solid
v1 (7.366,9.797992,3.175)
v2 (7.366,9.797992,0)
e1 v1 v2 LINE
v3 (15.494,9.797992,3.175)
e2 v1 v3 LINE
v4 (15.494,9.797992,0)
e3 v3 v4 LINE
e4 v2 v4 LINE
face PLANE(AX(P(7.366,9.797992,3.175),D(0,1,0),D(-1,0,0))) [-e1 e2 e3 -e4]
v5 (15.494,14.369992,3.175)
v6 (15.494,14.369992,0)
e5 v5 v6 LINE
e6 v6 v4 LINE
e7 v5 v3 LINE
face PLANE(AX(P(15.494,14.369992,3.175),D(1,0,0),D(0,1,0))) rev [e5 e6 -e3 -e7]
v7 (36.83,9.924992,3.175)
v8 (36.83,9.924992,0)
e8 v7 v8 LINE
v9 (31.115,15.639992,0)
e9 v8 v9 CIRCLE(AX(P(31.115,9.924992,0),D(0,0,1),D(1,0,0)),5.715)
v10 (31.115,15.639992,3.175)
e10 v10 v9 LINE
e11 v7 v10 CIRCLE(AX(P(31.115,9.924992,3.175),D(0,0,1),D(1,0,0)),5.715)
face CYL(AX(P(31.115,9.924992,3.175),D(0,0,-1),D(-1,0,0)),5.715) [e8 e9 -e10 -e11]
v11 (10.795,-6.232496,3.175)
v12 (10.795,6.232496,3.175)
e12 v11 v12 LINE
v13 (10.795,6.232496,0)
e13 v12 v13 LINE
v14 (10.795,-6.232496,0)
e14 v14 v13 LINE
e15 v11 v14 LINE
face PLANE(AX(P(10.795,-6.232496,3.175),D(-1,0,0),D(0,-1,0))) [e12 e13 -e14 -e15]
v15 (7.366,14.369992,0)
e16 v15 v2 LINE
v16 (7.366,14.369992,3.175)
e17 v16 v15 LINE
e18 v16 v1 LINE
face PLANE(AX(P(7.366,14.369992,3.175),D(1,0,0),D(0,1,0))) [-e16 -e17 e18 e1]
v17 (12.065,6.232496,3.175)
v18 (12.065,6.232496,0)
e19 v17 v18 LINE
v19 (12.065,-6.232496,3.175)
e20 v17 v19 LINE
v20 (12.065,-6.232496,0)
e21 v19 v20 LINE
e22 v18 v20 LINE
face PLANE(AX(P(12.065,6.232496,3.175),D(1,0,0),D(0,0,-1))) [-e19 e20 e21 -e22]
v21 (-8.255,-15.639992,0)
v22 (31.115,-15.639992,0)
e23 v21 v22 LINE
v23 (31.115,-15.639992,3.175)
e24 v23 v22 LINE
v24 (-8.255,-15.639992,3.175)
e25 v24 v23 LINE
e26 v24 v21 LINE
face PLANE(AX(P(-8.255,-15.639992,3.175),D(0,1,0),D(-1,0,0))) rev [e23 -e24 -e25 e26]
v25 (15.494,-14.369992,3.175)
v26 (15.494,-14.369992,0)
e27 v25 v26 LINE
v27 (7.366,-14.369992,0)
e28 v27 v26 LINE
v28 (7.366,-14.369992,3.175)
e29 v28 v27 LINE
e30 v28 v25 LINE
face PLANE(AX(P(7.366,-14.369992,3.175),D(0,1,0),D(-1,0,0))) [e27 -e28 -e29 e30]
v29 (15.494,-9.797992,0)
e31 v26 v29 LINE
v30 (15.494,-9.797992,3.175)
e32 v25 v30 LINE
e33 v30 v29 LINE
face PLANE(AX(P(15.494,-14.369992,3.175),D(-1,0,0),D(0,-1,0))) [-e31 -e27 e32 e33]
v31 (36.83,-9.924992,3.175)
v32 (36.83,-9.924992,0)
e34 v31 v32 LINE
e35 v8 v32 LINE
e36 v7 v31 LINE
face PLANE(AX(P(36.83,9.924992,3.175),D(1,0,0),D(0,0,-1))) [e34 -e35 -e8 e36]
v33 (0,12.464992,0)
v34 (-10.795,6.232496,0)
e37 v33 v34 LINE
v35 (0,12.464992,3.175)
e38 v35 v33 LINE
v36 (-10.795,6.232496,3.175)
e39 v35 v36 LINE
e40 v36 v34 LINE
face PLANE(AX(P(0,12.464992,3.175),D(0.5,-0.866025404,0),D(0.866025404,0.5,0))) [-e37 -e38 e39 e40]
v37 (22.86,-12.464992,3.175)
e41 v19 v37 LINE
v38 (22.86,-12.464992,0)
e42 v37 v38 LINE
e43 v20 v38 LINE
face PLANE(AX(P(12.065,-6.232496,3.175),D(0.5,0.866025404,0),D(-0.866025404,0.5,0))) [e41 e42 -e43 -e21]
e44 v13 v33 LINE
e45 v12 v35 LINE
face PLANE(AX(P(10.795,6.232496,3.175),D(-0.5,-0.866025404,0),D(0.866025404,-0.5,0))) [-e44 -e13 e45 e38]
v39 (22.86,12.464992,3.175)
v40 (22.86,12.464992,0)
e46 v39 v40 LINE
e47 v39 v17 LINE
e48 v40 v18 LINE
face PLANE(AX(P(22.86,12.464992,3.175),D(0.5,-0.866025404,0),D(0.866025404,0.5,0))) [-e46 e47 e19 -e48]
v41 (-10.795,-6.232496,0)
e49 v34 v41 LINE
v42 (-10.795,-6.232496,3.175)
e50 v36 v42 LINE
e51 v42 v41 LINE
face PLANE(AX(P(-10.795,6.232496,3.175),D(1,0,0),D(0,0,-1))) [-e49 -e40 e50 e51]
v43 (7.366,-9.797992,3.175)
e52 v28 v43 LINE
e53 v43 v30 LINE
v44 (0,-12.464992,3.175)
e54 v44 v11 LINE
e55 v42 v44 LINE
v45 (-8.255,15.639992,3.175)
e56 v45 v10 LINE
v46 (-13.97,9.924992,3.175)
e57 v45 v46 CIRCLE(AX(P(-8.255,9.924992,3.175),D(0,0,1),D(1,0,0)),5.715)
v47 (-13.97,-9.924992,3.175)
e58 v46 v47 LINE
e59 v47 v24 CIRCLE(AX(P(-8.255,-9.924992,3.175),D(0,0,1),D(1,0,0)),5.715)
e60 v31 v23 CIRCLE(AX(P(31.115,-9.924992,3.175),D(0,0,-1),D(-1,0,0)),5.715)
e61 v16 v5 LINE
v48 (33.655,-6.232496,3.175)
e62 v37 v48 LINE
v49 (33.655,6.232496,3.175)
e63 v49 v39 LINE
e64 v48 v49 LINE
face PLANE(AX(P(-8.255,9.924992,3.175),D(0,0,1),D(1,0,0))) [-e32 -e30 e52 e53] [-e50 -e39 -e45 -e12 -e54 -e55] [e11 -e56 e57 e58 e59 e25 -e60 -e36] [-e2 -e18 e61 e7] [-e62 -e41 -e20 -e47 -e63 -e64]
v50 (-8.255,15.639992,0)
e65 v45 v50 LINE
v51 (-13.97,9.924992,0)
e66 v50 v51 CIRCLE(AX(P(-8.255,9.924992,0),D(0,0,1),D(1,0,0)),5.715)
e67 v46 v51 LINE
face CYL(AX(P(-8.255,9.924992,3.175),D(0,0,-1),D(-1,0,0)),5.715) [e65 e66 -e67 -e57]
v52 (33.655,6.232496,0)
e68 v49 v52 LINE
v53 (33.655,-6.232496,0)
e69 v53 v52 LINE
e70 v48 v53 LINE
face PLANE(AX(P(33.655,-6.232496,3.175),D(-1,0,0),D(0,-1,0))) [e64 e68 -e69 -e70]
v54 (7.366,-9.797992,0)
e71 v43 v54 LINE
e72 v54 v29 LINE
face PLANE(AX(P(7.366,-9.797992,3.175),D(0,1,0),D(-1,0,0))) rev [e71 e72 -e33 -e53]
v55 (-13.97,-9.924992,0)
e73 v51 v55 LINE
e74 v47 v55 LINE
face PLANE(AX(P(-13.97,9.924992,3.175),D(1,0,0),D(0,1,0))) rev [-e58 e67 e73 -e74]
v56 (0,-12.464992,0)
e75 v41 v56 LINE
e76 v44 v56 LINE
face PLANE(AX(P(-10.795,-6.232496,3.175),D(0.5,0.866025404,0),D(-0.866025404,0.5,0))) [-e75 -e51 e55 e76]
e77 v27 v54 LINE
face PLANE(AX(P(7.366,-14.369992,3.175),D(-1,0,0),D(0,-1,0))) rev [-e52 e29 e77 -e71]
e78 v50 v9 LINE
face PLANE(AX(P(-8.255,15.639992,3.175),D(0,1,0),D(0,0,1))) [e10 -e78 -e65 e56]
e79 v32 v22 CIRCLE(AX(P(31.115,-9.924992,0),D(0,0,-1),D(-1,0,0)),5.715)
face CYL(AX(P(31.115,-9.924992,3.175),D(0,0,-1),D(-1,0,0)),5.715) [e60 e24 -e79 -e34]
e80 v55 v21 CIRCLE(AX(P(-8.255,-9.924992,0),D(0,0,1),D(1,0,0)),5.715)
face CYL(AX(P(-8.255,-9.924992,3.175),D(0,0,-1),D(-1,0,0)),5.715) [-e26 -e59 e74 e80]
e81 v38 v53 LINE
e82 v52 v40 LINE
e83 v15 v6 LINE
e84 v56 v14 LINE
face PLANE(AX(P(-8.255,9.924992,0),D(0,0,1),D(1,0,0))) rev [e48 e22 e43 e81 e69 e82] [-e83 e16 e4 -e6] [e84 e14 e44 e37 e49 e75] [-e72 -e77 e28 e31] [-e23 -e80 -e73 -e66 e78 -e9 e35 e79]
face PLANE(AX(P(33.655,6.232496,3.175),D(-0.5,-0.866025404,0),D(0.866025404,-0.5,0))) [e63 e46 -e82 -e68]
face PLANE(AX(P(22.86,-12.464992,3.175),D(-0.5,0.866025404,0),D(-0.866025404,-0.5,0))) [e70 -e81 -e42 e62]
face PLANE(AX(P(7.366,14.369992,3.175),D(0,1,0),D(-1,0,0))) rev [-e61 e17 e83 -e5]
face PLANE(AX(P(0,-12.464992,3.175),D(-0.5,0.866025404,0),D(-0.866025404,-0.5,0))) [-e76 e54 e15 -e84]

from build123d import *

# Parameters (mm, degrees)
SKETCH1_W           = 8.128
SKETCH1_H           = 4.572
BOSS_EXTRUDE1_DEPTH = 3.175


with BuildPart() as part:
    # Sketch1 → Boss-Extrude1 (new body)
    with BuildSketch(Plane.XY):
        with BuildLine():
            Line((-8.255, 15.639992312), (31.115, 15.639992312))
            ThreePointArc((31.115, 15.639992312), (35.156115254, 13.966107566), (36.83, 9.924992312))
            Line((36.83, 9.924992312), (36.83, -9.924992312))
            ThreePointArc((36.83, -9.924992312), (35.156115254, -13.966107566), (31.115, -15.639992312))
            Line((31.115, -15.639992312), (-8.255, -15.639992312))
            ThreePointArc((-8.255, -15.639992312), (-12.296115254, -13.966107566), (-13.97, -9.924992312))
            Line((-13.97, -9.924992312), (-13.97, 9.924992312))
            ThreePointArc((-13.97, 9.924992312), (-12.296115254, 13.966107566), (-8.255, 15.639992312))
        make_face()
        Polygon((12.065, -6.232496156), (22.86, -12.464992312), (33.655, -6.232496156), (33.655, 6.232496156), (22.86, 12.464992312), (12.065, 6.232496156), align=None, mode=Mode.SUBTRACT)
        Polygon((-10.795, -6.232496156), (0, -12.464992312), (10.795, -6.232496156), (10.795, 6.232496156), (0, 12.464992312), (-10.795, 6.232496156), align=None, mode=Mode.SUBTRACT)
        with Locations((11.43, 12.083992312)):
            Rectangle(SKETCH1_W, SKETCH1_H, mode=Mode.SUBTRACT)
        with Locations((11.43, -12.083992312)):
            Rectangle(SKETCH1_W, SKETCH1_H, mode=Mode.SUBTRACT)
    extrude(amount=BOSS_EXTRUDE1_DEPTH)


solid = part.part
